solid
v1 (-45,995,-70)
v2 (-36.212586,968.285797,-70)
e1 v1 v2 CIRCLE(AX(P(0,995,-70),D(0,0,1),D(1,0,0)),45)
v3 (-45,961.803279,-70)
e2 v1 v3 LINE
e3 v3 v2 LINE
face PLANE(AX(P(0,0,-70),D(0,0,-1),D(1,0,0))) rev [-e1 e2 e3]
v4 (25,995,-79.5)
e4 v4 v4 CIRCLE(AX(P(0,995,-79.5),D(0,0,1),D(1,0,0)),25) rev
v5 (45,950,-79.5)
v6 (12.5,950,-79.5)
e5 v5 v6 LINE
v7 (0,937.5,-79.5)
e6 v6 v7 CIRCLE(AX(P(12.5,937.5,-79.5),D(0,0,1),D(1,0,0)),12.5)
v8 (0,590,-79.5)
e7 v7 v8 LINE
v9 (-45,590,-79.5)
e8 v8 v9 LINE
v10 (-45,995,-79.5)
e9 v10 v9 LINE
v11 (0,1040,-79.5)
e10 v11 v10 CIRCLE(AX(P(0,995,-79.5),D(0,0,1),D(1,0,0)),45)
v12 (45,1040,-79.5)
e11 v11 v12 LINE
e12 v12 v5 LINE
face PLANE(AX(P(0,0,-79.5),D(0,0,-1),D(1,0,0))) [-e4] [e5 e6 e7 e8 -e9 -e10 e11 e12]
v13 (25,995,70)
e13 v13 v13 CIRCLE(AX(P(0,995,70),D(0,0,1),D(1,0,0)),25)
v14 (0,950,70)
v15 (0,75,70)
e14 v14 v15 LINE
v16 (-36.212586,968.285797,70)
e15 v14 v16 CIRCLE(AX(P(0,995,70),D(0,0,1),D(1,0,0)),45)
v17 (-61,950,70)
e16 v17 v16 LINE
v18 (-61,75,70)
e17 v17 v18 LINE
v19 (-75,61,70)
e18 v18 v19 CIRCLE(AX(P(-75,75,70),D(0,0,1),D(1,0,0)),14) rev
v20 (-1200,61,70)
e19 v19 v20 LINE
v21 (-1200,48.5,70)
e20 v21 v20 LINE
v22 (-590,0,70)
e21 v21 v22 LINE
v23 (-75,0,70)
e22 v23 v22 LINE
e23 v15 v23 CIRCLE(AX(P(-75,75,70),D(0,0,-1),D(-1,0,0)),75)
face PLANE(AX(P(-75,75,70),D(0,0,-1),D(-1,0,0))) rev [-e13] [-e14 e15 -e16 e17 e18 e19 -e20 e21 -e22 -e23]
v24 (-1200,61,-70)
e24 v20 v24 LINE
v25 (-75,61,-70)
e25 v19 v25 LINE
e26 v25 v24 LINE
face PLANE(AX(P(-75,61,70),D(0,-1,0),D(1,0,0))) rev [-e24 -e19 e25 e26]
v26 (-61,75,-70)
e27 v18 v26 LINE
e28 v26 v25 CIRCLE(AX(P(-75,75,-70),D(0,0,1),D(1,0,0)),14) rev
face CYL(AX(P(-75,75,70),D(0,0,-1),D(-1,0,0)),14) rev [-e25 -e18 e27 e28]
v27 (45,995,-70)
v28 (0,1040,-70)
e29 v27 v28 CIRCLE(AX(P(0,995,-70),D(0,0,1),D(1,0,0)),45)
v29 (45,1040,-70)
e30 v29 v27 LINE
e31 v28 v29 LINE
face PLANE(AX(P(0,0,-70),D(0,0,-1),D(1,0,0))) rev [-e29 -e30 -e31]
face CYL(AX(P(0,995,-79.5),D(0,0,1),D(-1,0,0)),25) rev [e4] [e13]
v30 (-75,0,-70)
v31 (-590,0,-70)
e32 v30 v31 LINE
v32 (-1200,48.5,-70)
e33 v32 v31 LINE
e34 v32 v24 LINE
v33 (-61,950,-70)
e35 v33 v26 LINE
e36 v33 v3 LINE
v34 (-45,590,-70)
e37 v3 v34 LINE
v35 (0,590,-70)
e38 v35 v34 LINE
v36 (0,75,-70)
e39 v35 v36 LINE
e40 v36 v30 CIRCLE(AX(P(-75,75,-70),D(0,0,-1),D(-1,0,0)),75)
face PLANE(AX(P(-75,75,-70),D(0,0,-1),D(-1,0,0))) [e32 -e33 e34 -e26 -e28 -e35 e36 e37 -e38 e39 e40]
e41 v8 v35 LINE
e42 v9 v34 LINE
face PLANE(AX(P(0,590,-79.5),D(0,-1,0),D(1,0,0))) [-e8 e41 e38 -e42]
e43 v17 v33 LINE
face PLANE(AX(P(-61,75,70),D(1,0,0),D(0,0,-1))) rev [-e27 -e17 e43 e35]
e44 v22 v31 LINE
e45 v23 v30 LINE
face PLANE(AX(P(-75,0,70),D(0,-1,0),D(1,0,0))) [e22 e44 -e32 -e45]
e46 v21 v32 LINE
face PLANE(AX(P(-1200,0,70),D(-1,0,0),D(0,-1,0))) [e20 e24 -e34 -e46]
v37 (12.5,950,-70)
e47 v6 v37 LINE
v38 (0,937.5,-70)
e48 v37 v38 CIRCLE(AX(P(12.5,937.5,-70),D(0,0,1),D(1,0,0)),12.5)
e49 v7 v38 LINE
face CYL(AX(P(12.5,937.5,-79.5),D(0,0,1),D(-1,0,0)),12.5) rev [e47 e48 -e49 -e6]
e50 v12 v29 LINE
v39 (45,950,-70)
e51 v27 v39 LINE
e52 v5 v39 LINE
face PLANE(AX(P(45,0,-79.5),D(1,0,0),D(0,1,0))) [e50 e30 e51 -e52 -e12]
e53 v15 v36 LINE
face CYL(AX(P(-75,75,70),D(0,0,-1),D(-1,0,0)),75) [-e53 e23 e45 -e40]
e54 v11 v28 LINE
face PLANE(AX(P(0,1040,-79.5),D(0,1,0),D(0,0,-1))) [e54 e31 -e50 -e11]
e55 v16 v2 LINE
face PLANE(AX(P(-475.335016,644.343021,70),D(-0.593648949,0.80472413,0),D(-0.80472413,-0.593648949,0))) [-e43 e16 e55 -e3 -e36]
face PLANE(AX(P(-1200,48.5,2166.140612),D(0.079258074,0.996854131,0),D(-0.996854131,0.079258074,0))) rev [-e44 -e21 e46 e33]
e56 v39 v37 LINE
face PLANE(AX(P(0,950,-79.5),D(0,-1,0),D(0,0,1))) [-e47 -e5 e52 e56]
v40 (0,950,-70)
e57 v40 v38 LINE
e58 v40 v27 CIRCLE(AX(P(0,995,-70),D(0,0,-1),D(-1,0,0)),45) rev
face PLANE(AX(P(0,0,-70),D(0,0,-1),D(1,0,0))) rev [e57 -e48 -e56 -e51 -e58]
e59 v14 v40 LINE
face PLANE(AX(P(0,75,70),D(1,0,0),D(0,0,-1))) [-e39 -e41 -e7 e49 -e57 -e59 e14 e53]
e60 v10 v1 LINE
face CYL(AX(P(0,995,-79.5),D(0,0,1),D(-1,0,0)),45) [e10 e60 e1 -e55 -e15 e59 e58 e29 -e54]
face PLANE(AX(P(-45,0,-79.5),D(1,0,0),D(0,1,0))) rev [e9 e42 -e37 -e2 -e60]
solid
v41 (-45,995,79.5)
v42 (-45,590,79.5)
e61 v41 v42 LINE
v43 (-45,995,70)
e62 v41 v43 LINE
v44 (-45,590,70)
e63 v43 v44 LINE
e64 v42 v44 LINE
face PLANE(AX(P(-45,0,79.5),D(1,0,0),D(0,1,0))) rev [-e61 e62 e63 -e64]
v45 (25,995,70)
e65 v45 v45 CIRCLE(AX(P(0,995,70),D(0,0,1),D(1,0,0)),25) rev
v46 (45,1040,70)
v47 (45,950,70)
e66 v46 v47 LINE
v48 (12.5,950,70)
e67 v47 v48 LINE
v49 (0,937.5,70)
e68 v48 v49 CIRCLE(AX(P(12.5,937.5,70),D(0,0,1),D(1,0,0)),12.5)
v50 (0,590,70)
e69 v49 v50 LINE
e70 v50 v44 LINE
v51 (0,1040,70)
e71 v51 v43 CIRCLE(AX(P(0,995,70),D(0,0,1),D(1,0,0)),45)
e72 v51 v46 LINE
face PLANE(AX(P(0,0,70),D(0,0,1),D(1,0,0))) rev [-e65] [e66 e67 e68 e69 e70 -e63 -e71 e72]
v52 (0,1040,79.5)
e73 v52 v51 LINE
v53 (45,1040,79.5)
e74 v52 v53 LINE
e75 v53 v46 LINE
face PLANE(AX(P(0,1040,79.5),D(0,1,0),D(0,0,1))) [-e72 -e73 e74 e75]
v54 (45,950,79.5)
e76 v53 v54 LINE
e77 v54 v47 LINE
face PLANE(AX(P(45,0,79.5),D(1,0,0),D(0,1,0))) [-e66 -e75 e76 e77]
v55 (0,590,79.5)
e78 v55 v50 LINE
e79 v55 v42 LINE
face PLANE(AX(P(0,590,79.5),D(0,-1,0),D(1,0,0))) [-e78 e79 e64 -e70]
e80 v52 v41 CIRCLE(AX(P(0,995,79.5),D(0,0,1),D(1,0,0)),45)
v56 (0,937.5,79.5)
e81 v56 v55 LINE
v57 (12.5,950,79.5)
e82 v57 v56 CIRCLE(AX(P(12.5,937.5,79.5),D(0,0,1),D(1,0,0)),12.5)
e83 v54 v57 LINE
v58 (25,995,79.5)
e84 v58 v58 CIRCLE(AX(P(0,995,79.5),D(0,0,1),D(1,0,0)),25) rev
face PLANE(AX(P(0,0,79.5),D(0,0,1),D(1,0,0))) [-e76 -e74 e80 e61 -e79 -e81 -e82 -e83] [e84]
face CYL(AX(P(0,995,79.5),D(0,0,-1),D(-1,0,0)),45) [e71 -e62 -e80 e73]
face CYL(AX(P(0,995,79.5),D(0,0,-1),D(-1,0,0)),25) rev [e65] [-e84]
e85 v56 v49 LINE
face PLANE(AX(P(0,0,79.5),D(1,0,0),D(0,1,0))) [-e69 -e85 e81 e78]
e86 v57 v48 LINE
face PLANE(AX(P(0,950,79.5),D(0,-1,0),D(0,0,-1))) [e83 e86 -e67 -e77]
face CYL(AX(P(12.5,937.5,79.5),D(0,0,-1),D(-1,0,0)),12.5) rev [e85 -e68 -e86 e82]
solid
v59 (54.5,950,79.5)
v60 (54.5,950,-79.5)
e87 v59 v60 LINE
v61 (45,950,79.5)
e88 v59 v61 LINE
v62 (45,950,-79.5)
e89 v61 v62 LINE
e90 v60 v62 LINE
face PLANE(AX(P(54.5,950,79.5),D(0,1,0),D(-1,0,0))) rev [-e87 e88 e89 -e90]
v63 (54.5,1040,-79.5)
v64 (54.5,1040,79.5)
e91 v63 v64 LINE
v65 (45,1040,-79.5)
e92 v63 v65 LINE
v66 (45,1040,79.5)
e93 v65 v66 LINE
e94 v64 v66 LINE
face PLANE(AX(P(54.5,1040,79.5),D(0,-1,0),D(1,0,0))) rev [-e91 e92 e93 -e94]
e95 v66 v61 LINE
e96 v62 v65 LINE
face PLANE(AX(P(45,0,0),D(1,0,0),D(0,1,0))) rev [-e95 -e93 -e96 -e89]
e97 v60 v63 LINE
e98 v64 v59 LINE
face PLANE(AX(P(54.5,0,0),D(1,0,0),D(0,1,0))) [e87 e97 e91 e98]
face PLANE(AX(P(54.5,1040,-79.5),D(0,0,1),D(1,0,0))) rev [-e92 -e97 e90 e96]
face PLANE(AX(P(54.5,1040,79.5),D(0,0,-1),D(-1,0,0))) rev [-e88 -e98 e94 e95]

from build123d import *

# Parameters (mm, degrees)
EXTRUDE_THIN1_DEPTH     = 70
CUT_EXTRUDE1_DEPTH      = 1537.912489376
CUT_EXTRUDE1_DEPTH_BACK = 1537.912489376
SKETCH3_R               = 45
SKETCH3_R_2             = 25
BOSS_EXTRUDE1_DEPTH     = 70
BOSS_EXTRUDE2_DEPTH     = 70
SKETCH5_R               = 45
SKETCH5_R_2             = 25
BOSS_EXTRUDE3_DEPTH     = 9.5
SKETCH7_W               = 159
SKETCH7_H               = 90
BOSS_EXTRUDE5_DEPTH     = 9.5


with BuildPart() as part:
    # Sketch1 → Extrude-Thin1 (new, symmetric)
    with BuildSketch(Plane.XY):
        with BuildLine():
            Line((-1200, 0), (-75, 0))
            ThreePointArc((-75, 0), (-21.966991411, 21.966991411), (0, 75))
            Line((0, 75), (0, 950))
            Line((0, 950), (-61, 950))
            Line((-61, 950), (-61, 75))
            ThreePointArc((-61, 75), (-65.100505063, 65.100505063), (-75, 61))
            Line((-75, 61), (-1200, 61))
            Line((-1200, 61), (-1200, 0))
        make_face()
    extrude(amount=EXTRUDE_THIN1_DEPTH, both=True)

    # Sketch2 → Cut-Extrude1 (cut, two sides: drawn at the far end of the back side and taken through both)
    with BuildSketch(Plane.XY.offset(70).offset(-CUT_EXTRUDE1_DEPTH_BACK)):
        Polygon((-4202.326226889, 287.209544269), (-1200, 48.5), (-590, 0), (2412.326226889, -238.709544269), (1934.907138351, -6243.361998046), (-4679.745315427, -5717.442909508), align=None)
    extrude(amount=CUT_EXTRUDE1_DEPTH + CUT_EXTRUDE1_DEPTH_BACK, mode=Mode.SUBTRACT)


with BuildPart() as body_2:
    # Sketch3 → Boss-Extrude1 (new, symmetric)
    with BuildSketch(Plane.XY):
        with Locations((0, 995)):
            Circle(SKETCH3_R)
        with Locations((0, 995)):
            Circle(SKETCH3_R_2, mode=Mode.SUBTRACT)
    extrude(amount=BOSS_EXTRUDE1_DEPTH, both=True)


with BuildPart() as body_3:
    # Sketch4 → Boss-Extrude2 (new, symmetric)
    with BuildSketch(Plane.XY):
        with BuildLine():
            Line((-36.212585863, 968.285797314), (-61, 950))
            Line((-61, 950), (0, 950))
            ThreePointArc((0, 950), (-20.283748164, 954.830738612), (-36.212585863, 968.285797314))
        make_face()
    extrude(amount=BOSS_EXTRUDE2_DEPTH, both=True)


with BuildPart() as body_4:
    # Sketch5 → Boss-Extrude3 (new body)
    # profile 1 of 3: a face of its own
    with BuildSketch(Plane.XY.offset(70)):
        with Locations((0, 995)):
            Circle(SKETCH5_R)
        with Locations((0, 995)):
            Circle(SKETCH5_R_2, mode=Mode.SUBTRACT)
    # profile 2 of 3: a face of its own
    with BuildSketch(Plane.XY.offset(70)):
        with BuildLine():
            Line((45, 1040), (0, 1040))
            ThreePointArc((0, 1040), (31.819805153, 1026.819805153), (45, 995))
            Line((45, 995), (45, 1040))
        make_face()
    # profile 3 of 3: a face of its own
    with BuildSketch(Plane.XY.offset(70)):
        with BuildLine():
            ThreePointArc((45, 995), (0, 950), (-45, 995))
            Line((-45, 995), (-45, 590))
            Line((-45, 590), (0, 590))
            Line((0, 590), (0, 937.5))
            ThreePointArc((0, 937.5), (3.661165235, 946.338834765), (12.5, 950))
            Line((12.5, 950), (45, 950))
            Line((45, 950), (45, 995))
        make_face()
    boss_extrude3 = extrude(amount=BOSS_EXTRUDE3_DEPTH)


with BuildPart() as part_1:
    add(part.part)

    add(body_2.part)  # Mirror1 merges body 2

    add(body_3.part)  # Mirror1 merges body 3
    # Mirror1: Boss-Extrude3 across plane
    add(boss_extrude3.mirror(Plane.XY))


with BuildPart() as body_3_2:
    # Sketch7 → Boss-Extrude5 (new body)
    with BuildSketch(Plane(origin=(45, 0, 0), x_dir=(0, 0, -1), z_dir=(1, 0, 0))):
        with Locations((0, 995)):
            Rectangle(SKETCH7_W, SKETCH7_H)
    extrude(amount=BOSS_EXTRUDE5_DEPTH)


solid = Compound([body_4.part, part_1.part, body_3_2.part])
